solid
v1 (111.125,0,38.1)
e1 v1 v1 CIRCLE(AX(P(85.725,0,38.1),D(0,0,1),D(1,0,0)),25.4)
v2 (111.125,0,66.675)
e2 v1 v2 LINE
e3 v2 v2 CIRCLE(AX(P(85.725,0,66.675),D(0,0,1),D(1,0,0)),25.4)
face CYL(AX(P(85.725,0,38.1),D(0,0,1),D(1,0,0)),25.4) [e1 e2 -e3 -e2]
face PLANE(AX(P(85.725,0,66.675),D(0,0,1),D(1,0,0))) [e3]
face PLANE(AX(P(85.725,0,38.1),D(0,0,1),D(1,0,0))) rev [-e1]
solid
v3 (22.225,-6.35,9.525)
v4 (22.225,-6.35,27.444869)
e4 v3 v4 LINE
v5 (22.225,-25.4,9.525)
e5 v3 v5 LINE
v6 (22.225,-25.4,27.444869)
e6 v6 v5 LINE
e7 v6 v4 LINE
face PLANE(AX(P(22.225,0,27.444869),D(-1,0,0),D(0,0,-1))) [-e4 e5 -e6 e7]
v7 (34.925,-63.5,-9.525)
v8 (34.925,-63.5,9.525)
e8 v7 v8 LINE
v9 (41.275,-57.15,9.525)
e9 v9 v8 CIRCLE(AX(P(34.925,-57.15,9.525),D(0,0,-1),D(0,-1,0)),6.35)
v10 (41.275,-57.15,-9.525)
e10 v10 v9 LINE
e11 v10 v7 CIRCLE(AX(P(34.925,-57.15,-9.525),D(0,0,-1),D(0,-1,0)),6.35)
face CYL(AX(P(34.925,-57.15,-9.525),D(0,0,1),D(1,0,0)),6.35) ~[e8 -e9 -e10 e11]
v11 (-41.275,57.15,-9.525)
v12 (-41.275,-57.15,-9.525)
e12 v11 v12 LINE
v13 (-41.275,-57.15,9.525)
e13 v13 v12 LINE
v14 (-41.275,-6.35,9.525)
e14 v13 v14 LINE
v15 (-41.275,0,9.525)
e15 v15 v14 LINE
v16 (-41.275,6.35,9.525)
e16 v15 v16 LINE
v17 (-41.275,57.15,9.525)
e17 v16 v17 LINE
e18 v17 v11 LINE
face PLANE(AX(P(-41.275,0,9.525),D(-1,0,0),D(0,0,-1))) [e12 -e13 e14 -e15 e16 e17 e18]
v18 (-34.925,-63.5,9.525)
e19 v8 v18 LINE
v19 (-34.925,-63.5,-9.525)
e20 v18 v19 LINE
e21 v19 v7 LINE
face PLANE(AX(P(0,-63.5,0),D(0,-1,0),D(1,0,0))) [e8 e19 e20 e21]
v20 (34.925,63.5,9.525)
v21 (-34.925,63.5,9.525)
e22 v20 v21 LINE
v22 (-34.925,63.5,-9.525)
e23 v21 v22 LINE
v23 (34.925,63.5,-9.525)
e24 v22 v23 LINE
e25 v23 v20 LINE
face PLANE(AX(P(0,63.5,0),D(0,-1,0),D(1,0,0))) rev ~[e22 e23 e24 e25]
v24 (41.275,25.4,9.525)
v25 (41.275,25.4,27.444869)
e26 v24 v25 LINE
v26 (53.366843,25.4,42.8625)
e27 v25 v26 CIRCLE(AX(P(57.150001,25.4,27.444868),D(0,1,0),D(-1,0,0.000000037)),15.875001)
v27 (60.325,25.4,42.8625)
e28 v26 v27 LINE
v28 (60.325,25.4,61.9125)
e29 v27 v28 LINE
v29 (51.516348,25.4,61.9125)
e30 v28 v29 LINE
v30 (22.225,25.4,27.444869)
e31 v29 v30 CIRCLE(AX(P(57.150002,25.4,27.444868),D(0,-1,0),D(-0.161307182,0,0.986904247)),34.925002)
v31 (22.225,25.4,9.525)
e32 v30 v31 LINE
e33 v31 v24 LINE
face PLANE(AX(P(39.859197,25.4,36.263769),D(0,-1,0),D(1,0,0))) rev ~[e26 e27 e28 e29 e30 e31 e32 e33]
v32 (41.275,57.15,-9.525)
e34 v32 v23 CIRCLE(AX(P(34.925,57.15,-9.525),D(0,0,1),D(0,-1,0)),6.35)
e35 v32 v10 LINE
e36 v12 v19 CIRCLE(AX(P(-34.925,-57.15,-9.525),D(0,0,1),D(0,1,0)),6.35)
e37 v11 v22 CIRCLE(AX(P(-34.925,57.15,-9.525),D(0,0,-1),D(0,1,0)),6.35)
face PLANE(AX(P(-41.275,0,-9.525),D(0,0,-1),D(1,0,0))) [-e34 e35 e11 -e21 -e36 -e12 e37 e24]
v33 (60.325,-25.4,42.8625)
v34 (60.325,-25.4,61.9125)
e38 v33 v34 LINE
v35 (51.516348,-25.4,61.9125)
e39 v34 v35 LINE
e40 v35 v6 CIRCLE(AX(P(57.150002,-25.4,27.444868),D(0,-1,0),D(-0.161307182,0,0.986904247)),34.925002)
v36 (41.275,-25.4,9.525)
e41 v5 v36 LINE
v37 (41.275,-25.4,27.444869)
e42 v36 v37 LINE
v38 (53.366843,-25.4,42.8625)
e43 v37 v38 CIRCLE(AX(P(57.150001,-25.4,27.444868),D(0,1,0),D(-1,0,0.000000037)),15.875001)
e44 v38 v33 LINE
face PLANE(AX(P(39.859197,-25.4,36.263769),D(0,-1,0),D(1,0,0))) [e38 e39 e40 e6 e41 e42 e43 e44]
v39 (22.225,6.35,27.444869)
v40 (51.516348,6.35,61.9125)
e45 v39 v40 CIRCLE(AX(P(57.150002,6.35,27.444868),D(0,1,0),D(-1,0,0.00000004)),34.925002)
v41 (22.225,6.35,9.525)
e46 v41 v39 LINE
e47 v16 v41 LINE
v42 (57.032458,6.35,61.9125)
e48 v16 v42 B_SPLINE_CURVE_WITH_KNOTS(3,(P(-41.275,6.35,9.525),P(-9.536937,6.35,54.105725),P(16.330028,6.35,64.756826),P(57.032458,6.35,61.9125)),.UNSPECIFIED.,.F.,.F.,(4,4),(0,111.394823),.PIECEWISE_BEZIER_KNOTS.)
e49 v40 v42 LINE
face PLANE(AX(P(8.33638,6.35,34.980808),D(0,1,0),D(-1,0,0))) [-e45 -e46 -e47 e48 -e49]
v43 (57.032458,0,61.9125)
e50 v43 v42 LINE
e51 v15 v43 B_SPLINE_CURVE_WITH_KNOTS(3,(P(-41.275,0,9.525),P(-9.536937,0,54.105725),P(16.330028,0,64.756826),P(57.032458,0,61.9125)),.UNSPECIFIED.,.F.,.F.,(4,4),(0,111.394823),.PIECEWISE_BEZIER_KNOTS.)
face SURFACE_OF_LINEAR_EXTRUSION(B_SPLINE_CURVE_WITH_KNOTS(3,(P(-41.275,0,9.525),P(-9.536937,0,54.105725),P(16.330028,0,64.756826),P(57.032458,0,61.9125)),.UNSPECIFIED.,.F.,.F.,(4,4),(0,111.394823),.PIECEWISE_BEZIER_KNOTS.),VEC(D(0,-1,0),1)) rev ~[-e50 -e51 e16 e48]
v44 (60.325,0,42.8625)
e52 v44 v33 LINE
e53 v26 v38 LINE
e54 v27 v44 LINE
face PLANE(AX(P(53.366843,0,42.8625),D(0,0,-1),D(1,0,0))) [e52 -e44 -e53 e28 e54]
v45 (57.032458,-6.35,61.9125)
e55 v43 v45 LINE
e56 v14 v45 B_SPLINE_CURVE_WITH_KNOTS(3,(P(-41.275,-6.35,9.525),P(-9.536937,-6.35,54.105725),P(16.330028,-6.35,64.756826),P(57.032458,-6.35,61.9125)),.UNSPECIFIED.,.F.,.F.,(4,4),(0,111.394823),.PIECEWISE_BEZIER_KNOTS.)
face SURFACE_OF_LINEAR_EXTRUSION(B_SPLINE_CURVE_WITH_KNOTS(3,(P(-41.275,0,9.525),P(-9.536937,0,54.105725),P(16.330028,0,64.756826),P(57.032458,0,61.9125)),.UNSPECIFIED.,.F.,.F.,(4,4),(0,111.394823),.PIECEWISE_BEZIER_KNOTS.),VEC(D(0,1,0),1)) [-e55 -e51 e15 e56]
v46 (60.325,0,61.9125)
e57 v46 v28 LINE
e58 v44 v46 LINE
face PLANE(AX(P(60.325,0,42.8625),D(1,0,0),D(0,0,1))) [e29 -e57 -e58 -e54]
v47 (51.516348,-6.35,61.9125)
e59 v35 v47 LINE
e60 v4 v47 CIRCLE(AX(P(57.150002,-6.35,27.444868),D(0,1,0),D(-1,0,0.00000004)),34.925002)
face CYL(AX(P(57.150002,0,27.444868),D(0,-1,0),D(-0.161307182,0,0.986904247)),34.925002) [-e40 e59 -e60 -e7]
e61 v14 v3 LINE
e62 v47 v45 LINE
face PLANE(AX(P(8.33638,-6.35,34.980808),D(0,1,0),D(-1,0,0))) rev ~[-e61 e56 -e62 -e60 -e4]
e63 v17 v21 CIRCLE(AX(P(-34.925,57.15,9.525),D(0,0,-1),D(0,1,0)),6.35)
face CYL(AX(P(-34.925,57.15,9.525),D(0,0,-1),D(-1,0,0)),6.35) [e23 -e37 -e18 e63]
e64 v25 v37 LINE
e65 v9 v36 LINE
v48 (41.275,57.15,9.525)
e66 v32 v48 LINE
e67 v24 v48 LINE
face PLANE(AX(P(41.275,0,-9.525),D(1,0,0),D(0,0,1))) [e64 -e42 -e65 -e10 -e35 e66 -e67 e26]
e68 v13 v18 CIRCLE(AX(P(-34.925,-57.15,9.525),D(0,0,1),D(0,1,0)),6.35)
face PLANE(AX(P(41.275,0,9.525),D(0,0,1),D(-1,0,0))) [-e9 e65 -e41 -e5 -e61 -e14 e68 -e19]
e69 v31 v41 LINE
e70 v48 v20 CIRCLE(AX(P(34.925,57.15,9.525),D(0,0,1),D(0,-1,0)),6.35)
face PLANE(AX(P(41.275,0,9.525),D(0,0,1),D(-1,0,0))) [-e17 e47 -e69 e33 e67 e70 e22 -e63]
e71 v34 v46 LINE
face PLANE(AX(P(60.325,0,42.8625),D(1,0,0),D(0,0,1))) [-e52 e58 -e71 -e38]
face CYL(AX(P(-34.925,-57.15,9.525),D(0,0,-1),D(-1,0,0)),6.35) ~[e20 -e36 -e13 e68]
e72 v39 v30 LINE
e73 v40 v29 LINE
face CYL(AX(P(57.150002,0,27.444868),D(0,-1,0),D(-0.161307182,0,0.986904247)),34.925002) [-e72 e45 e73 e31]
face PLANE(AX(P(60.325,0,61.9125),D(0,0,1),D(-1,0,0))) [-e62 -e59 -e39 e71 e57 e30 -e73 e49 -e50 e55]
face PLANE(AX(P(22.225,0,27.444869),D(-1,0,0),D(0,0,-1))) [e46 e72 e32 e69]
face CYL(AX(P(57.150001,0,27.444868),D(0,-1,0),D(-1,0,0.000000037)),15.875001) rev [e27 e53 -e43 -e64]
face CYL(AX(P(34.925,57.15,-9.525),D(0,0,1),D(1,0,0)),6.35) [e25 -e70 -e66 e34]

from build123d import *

# Parameters (mm, degrees)
F1_DEPTH = 63.5
F2_DEPTH = 25.4
F3_DEPTH = 6.35
F5_R     = 6.35


with BuildPart() as f1:
    # F0 (on Front) → F1 (new body, symmetric)
    with BuildSketch(Plane.XZ):
        Polygon((22.225, 9.525), (-41.275, 9.525), (-41.275, -9.525), (41.275, -9.525), (41.275, 9.525), align=None)
    extrude(amount=F1_DEPTH, both=True)

    # F0 (on Front) → F2 (join, symmetric)
    with BuildSketch(Plane.XZ):
        with BuildLine():
            Line((22.225, 27.444869), (22.225, 9.525))
            Line((22.225, 9.525), (41.275, 9.525))
            Line((41.275, 9.525), (41.275, 27.444869))
            ThreePointArc((41.275, 27.444869), (44.658538, 37.241756), (53.366843, 42.8625))
            Line((53.366843, 42.8625), (60.325, 42.8625))
            Line((60.325, 42.8625), (60.325, 61.9125))
            Line((60.325, 61.9125), (57.032458, 61.9125))
            Line((57.032458, 61.9125), (51.516348, 61.9125))
            ThreePointArc((51.516348, 61.9125), (30.536931, 50.061238), (22.225, 27.444869))
        make_face()
    extrude(amount=F2_DEPTH, both=True)

    # F0 (on Front) → F3 (join, symmetric)
    with BuildSketch(Plane.XZ):
        with BuildLine():
            add(Edge.make_bspline(
                [(-41.275, 9.525), (-9.536937, 54.105725), (16.330028, 64.756826), (57.032458, 61.9125)],
                knots=[0, 0, 0, 0, 111.394823, 111.394823, 111.394823, 111.394823], degree=3))
            Line((-41.275, 9.525), (22.225, 9.525))
            Line((22.225, 9.525), (22.225, 27.444869))
            ThreePointArc((22.225, 27.444869), (30.536931, 50.061238), (51.516348, 61.9125))
            Line((51.516348, 61.9125), (57.032458, 61.9125))
        make_face()
    extrude(amount=F3_DEPTH, both=True)

    # F0 (on Front) → F4 (revolve)
    with BuildSketch(Plane.XZ):
        Polygon((85.725, 66.675), (85.725, 61.9125), (85.725, 42.8625), (85.725, 38.1), (111.125, 38.1), (111.125, 66.675), align=None)
    revolve(axis=Axis((85.725, 0, 52.3875), (0, 0, 1)))

    # F5
    f5_edges = [f1.edges().sort_by_distance(p)[0] for p in [
        (41.275, -63.5, 0),
        (-41.275, -63.5, 0),
        (41.275, 63.5, 0),
        (-41.275, 63.5, 0),
    ]]
    fillet(f5_edges, radius=F5_R)


solid = f1.part
